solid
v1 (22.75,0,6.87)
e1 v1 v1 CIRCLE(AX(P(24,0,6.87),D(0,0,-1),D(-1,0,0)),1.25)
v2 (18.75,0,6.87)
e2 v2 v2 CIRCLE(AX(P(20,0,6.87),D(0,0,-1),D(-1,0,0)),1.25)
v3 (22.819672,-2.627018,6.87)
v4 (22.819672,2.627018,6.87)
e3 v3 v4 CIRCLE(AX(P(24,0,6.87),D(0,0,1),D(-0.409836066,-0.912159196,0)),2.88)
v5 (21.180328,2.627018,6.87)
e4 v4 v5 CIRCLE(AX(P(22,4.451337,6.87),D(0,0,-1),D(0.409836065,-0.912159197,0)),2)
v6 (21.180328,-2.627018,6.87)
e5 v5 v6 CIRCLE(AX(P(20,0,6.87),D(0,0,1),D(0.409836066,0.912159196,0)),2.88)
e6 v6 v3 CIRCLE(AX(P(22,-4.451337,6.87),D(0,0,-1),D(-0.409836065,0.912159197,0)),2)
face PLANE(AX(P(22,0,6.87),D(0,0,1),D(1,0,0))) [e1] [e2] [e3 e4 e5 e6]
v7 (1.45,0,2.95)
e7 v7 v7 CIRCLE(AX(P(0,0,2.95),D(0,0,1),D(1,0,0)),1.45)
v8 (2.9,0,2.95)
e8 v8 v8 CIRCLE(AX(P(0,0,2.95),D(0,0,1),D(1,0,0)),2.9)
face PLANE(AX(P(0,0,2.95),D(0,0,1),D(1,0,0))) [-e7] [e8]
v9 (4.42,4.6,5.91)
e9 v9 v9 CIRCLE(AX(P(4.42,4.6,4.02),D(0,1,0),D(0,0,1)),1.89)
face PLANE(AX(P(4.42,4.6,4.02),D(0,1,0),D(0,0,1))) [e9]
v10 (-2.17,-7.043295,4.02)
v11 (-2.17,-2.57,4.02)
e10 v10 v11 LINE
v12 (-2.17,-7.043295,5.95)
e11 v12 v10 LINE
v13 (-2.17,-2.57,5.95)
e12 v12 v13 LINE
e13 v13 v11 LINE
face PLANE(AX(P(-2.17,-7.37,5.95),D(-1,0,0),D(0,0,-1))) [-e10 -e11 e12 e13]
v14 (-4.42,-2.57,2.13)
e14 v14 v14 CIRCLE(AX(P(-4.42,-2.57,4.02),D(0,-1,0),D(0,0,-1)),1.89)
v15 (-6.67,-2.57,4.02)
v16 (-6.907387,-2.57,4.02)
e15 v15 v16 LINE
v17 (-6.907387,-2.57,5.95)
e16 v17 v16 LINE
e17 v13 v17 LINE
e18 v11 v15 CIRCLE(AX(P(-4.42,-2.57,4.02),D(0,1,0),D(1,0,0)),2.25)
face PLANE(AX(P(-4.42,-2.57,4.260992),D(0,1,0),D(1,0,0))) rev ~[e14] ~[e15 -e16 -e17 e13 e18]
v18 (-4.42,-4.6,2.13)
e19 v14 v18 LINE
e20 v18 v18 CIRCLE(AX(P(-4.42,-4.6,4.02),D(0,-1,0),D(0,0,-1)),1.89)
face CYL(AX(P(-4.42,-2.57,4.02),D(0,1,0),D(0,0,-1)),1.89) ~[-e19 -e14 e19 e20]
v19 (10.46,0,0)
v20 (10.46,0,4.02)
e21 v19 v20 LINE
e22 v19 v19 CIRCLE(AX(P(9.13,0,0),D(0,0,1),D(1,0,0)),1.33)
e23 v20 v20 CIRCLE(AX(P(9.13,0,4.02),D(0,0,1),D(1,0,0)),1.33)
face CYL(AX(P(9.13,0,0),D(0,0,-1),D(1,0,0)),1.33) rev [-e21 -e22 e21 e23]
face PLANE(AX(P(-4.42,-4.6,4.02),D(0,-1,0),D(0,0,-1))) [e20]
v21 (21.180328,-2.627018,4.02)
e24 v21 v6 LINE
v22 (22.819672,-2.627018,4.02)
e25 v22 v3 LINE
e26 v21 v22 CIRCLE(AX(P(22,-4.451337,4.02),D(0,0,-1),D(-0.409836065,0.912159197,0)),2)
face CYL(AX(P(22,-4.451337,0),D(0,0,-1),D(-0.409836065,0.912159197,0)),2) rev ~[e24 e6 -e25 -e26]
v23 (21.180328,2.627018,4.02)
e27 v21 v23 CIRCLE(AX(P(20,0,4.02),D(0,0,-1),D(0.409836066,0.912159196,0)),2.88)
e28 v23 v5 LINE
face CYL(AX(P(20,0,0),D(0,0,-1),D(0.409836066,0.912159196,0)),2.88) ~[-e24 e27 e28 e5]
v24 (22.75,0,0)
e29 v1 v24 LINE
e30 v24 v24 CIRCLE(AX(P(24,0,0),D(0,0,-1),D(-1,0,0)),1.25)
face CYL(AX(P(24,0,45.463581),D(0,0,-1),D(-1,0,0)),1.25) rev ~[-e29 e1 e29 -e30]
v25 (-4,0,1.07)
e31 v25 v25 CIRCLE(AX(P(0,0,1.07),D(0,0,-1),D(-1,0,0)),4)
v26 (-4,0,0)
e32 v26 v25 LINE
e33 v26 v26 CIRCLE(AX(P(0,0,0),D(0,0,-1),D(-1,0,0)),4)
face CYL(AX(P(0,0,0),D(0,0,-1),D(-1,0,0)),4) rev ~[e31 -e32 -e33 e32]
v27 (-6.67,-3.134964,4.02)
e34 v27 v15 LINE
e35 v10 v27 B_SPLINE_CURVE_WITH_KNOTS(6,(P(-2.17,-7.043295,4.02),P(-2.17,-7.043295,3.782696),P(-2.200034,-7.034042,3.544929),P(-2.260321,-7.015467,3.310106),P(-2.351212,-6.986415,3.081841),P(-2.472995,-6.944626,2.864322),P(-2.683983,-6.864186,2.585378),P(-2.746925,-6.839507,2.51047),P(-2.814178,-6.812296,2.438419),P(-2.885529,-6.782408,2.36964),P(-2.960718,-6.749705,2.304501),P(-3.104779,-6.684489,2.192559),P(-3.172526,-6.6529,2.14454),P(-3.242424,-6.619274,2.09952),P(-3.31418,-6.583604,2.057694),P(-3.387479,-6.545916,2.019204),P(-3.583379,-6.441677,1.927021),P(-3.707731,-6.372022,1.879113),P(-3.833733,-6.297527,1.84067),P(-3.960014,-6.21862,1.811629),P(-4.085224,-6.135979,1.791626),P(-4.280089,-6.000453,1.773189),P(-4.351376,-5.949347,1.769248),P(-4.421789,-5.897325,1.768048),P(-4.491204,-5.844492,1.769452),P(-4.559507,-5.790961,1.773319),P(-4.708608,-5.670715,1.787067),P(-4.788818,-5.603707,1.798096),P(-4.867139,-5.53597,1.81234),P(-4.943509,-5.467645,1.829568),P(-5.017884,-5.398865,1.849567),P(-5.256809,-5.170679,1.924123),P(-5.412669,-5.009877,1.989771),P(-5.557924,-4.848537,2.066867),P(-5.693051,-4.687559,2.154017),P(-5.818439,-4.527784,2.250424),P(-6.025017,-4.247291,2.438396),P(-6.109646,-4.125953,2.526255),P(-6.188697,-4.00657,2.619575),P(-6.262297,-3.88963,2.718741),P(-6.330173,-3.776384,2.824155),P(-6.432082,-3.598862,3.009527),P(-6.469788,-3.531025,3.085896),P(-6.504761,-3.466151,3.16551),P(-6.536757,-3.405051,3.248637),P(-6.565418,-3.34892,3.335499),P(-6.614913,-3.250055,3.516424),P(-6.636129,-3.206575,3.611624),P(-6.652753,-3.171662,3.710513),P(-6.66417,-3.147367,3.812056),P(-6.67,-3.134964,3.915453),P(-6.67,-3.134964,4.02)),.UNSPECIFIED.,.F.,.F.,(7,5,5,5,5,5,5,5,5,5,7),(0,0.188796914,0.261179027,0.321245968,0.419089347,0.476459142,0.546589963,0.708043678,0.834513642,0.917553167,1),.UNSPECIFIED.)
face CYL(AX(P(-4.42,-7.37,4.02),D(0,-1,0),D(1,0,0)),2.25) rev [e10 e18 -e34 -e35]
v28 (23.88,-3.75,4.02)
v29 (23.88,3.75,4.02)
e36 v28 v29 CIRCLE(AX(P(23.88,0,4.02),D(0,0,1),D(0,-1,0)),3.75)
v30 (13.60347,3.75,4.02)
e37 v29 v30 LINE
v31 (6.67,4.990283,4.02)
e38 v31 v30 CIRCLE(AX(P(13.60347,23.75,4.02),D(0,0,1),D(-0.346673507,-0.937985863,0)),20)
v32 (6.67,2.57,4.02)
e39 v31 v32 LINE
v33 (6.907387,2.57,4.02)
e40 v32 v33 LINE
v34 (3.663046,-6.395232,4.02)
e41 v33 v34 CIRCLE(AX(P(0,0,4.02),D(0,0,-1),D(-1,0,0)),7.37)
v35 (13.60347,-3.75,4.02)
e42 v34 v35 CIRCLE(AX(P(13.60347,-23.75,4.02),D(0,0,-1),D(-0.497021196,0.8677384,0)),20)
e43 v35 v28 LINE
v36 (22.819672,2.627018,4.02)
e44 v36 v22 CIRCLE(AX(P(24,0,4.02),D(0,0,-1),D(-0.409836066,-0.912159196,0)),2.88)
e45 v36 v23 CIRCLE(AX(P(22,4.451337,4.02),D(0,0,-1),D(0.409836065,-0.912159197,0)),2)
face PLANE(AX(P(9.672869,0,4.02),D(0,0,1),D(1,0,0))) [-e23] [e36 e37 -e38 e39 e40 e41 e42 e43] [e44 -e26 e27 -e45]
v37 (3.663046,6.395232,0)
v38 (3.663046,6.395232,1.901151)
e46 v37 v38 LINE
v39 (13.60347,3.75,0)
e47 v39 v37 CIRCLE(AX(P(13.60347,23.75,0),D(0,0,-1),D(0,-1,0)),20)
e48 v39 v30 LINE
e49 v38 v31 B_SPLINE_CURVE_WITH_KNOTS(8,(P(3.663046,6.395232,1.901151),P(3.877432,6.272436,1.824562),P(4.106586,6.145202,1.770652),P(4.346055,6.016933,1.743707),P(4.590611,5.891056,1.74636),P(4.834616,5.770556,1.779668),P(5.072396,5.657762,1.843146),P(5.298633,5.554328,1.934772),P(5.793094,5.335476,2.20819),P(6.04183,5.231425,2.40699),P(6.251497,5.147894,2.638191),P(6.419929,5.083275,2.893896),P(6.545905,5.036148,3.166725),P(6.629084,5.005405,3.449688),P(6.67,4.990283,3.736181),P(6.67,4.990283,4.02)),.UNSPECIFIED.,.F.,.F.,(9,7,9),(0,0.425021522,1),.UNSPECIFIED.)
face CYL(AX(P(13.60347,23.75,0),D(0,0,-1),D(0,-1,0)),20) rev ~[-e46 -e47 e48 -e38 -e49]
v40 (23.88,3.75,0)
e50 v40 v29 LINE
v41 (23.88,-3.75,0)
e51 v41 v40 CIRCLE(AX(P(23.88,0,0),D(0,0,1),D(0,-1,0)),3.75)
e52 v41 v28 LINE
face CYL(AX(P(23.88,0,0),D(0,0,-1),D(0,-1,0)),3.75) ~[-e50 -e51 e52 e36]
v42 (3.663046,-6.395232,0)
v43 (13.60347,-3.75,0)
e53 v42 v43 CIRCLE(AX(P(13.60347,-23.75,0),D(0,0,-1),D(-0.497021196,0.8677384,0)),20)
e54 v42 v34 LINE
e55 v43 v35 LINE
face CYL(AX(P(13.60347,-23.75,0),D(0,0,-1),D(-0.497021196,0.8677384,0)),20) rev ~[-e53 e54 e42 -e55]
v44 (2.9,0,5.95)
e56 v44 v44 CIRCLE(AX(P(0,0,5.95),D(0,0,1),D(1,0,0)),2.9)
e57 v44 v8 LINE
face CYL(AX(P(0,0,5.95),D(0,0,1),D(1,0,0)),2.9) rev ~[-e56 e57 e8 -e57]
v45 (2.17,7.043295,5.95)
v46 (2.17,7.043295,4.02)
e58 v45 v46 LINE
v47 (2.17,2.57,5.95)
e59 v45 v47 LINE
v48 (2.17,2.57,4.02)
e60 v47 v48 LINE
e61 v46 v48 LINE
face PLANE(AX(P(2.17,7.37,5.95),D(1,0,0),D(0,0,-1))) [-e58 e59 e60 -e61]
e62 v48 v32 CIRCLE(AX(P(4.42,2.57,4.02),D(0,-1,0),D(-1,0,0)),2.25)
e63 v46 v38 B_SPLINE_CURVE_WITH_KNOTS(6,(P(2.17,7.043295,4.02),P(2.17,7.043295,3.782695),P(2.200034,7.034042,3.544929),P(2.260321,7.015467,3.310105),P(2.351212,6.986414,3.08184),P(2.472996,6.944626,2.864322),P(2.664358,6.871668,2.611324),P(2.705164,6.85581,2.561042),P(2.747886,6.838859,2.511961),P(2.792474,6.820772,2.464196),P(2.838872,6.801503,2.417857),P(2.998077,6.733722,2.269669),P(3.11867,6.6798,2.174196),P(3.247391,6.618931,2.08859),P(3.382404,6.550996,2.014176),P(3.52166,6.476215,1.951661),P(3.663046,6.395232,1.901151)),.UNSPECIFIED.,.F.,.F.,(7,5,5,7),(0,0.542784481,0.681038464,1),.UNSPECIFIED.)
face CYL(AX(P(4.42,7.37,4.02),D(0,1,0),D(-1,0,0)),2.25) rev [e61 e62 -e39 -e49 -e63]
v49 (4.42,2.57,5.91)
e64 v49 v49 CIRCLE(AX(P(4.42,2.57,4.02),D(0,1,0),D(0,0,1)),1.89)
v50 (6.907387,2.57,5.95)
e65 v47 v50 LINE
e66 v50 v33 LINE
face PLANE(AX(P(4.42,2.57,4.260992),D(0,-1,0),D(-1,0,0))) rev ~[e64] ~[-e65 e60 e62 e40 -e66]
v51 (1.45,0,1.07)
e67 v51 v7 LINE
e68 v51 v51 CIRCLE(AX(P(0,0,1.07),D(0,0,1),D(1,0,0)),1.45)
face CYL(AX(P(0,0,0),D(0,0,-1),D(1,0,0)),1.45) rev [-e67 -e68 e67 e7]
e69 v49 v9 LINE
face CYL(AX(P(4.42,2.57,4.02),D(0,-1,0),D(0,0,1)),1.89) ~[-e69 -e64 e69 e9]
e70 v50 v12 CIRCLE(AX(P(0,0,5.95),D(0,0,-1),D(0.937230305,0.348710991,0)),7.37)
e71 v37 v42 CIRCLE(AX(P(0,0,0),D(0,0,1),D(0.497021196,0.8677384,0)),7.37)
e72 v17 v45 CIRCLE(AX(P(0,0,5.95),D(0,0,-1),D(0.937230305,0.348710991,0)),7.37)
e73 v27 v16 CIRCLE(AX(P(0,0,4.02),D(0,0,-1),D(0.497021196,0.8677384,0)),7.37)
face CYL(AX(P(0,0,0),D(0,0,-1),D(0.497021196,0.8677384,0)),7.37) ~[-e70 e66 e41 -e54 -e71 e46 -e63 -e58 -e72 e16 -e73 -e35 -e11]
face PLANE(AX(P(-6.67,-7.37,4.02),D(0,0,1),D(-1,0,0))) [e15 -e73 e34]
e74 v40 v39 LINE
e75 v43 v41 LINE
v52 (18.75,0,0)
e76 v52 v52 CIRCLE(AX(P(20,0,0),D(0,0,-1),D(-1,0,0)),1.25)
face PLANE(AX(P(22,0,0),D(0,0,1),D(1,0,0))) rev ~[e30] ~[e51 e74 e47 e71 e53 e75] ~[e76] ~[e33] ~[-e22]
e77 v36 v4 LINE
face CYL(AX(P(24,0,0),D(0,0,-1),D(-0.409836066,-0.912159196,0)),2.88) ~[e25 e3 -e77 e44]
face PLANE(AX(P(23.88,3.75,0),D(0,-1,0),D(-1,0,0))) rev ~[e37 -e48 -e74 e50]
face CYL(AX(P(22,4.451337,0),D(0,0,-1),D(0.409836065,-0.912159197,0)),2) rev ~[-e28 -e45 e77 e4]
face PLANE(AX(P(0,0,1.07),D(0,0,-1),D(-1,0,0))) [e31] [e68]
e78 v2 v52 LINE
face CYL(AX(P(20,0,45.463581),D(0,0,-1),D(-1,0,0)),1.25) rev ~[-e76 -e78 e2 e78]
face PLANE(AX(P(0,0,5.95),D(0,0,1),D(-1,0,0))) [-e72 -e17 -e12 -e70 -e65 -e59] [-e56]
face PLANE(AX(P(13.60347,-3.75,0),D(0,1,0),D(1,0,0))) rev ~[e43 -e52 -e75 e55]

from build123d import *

# Parameters (mm, degrees)
SCHIZZO1_R                   = 1.45
SCHIZZO1_R_2                 = 1.33
ESTRUSIONE_ESTRUSIONE1_DEPTH = 4.02
ESTRUSIONE_ESTRUSIONE2_START = -4.02
SCHIZZO2_R                   = 7.37
SCHIZZO2_R_2                 = 1.45
ESTRUSIONE_ESTRUSIONE2_DEPTH = 5.95
ESTRUSIONE_ESTRUSIONE3_START = -4.02
ESTRUSIONE_ESTRUSIONE3_DEPTH = 6.87
FORO_FILETTATO_M3X0_5_1_D    = 2.5
SCHIZZO6_R                   = 4
TAGLIO_ESTRUSIONE1_DEPTH     = 1.07
SCHIZZO8_R                   = 2.9
TAGLIO_ESTRUSIONE2_DEPTH     = 3
SCHIZZO9_W                   = 0.7
SCHIZZO9_H                   = 1.93
TAGLIO_ESTRUSIONE3_DEPTH     = 4.8
SCHIZZO11_W                  = 0.7
SCHIZZO11_H                  = 1.93
TAGLIO_ESTRUSIONE4_DEPTH     = 4.8
SCHIZZO12_R                  = 1.89
ESTRUSIONE_ESTRUSIONE4_DEPTH = 2.03
SCHIZZO13_R                  = 1.89
ESTRUSIONE_ESTRUSIONE5_DEPTH = 2.03


with BuildPart() as part:
    # Schizzo1 → Estrusione-Estrusione1 (new body)
    with BuildSketch(Plane.XY):
        with BuildLine():
            Line((13.603470146, -3.75), (23.88, -3.75))
            ThreePointArc((23.88, -3.75), (27.63, 0), (23.88, 3.75))
            Line((23.88, 3.75), (13.603470146, 3.75))
            ThreePointArc((13.603470146, 3.75), (8.460288245, 4.422618389), (3.663046217, 6.395232006))
            ThreePointArc((3.663046217, 6.395232006), (-7.37, 0), (3.663046217, -6.395232006))
            ThreePointArc((3.663046217, -6.395232006), (8.460288245, -4.422618389), (13.603470146, -3.75))
        make_face()
        Circle(SCHIZZO1_R, mode=Mode.SUBTRACT)
        with Locations((9.13, 0)):
            Circle(SCHIZZO1_R_2, mode=Mode.SUBTRACT)
    extrude(amount=ESTRUSIONE_ESTRUSIONE1_DEPTH)

    # Schizzo2 → Estrusione-Estrusione2 (add)
    with BuildSketch(Plane.XY.offset(4.02).offset(ESTRUSIONE_ESTRUSIONE2_START)):
        with Locations(Location((0, 0, 0), (0, 0, 180))):
            Circle(SCHIZZO2_R)
        with Locations(Location((0, 0, 0), (0, 0, 180))):
            Circle(SCHIZZO2_R_2, mode=Mode.SUBTRACT)
    extrude(amount=ESTRUSIONE_ESTRUSIONE2_DEPTH)

    # Schizzo3 → Estrusione-Estrusione3 (add)
    with BuildSketch(Plane.XY.offset(4.02).offset(ESTRUSIONE_ESTRUSIONE3_START)):
        with BuildLine():
            ThreePointArc((22.819672131, -2.627018485), (26.88, 0), (22.819672131, 2.627018485))
            ThreePointArc((22.819672131, 2.627018485), (22, 2.451336878), (21.180327869, 2.627018485))
            ThreePointArc((21.180327869, 2.627018485), (17.12, 0), (21.180327869, -2.627018485))
            ThreePointArc((21.180327869, -2.627018485), (22, -2.451336878), (22.819672131, -2.627018485))
        make_face()
    extrude(amount=ESTRUSIONE_ESTRUSIONE3_DEPTH)

    # Foro filettato M3x0.5-1 (through all)
    with Locations(Plane.XY.offset(6.87)):
        with Locations((24, 0), (20, 0)):
            Hole(FORO_FILETTATO_M3X0_5_1_D / 2)

    # Schizzo6 → Taglio-Estrusione1 (cut)
    with BuildSketch(Plane(origin=(0, 0, 0), x_dir=(-1, 0, 0), z_dir=(0, 0, -1))):
        Circle(SCHIZZO6_R)
    extrude(amount=-TAGLIO_ESTRUSIONE1_DEPTH, mode=Mode.SUBTRACT)

    # Schizzo8 → Taglio-Estrusione2 (cut)
    with BuildSketch(Plane.XY.offset(5.95)):
        Circle(SCHIZZO8_R)
    extrude(amount=-TAGLIO_ESTRUSIONE2_DEPTH, mode=Mode.SUBTRACT)

    # Schizzo9 → Taglio-Estrusione3 (cut)
    with BuildSketch(Plane(origin=(0, 7.37, 0), x_dir=(1, 0, 0), z_dir=(0, 1, 0))):
        with BuildLine():
            ThreePointArc((2.17, -4.02), (4.42, -1.77), (6.67, -4.02))
            Line((6.67, -4.02), (6.67, -5.95))
            Line((6.67, -5.95), (2.17, -5.95))
            Line((2.17, -5.95), (2.17, -4.02))
        make_face()
        with Locations((7.02, -4.985)):
            Rectangle(SCHIZZO9_W, SCHIZZO9_H)
    extrude(amount=-TAGLIO_ESTRUSIONE3_DEPTH, mode=Mode.SUBTRACT)

    # Schizzo11 → Taglio-Estrusione4 (cut)
    with BuildSketch(Plane(origin=(0, -7.37, 0), x_dir=(-1, 0, 0), z_dir=(0, -1, 0))):
        with BuildLine():
            ThreePointArc((2.17, -4.02), (4.42, -1.77), (6.67, -4.02))
            Line((6.67, -4.02), (6.67, -5.95))
            Line((6.67, -5.95), (2.17, -5.95))
            Line((2.17, -5.95), (2.17, -4.02))
        make_face()
        with Locations((7.02, -4.985)):
            Rectangle(SCHIZZO11_W, SCHIZZO11_H)
    extrude(amount=-TAGLIO_ESTRUSIONE4_DEPTH, mode=Mode.SUBTRACT)

    # Schizzo12 → Estrusione-Estrusione4 (add)
    with BuildSketch(Plane(origin=(0, 2.57, 0), x_dir=(1, 0, 0), z_dir=(0, 1, 0))):
        with Locations(Location((4.42, -4.02, 0), (0, 0, 270))):
            Circle(SCHIZZO12_R)
    extrude(amount=ESTRUSIONE_ESTRUSIONE4_DEPTH)

    # Schizzo13 → Estrusione-Estrusione5 (add)
    with BuildSketch(Plane(origin=(0, -2.57, 0), x_dir=(-1, 0, 0), z_dir=(0, -1, 0))):
        with Locations(Location((4.42, -4.02, 0), (0, 0, 90))):
            Circle(SCHIZZO13_R)
    extrude(amount=ESTRUSIONE_ESTRUSIONE5_DEPTH)


solid = part.part
